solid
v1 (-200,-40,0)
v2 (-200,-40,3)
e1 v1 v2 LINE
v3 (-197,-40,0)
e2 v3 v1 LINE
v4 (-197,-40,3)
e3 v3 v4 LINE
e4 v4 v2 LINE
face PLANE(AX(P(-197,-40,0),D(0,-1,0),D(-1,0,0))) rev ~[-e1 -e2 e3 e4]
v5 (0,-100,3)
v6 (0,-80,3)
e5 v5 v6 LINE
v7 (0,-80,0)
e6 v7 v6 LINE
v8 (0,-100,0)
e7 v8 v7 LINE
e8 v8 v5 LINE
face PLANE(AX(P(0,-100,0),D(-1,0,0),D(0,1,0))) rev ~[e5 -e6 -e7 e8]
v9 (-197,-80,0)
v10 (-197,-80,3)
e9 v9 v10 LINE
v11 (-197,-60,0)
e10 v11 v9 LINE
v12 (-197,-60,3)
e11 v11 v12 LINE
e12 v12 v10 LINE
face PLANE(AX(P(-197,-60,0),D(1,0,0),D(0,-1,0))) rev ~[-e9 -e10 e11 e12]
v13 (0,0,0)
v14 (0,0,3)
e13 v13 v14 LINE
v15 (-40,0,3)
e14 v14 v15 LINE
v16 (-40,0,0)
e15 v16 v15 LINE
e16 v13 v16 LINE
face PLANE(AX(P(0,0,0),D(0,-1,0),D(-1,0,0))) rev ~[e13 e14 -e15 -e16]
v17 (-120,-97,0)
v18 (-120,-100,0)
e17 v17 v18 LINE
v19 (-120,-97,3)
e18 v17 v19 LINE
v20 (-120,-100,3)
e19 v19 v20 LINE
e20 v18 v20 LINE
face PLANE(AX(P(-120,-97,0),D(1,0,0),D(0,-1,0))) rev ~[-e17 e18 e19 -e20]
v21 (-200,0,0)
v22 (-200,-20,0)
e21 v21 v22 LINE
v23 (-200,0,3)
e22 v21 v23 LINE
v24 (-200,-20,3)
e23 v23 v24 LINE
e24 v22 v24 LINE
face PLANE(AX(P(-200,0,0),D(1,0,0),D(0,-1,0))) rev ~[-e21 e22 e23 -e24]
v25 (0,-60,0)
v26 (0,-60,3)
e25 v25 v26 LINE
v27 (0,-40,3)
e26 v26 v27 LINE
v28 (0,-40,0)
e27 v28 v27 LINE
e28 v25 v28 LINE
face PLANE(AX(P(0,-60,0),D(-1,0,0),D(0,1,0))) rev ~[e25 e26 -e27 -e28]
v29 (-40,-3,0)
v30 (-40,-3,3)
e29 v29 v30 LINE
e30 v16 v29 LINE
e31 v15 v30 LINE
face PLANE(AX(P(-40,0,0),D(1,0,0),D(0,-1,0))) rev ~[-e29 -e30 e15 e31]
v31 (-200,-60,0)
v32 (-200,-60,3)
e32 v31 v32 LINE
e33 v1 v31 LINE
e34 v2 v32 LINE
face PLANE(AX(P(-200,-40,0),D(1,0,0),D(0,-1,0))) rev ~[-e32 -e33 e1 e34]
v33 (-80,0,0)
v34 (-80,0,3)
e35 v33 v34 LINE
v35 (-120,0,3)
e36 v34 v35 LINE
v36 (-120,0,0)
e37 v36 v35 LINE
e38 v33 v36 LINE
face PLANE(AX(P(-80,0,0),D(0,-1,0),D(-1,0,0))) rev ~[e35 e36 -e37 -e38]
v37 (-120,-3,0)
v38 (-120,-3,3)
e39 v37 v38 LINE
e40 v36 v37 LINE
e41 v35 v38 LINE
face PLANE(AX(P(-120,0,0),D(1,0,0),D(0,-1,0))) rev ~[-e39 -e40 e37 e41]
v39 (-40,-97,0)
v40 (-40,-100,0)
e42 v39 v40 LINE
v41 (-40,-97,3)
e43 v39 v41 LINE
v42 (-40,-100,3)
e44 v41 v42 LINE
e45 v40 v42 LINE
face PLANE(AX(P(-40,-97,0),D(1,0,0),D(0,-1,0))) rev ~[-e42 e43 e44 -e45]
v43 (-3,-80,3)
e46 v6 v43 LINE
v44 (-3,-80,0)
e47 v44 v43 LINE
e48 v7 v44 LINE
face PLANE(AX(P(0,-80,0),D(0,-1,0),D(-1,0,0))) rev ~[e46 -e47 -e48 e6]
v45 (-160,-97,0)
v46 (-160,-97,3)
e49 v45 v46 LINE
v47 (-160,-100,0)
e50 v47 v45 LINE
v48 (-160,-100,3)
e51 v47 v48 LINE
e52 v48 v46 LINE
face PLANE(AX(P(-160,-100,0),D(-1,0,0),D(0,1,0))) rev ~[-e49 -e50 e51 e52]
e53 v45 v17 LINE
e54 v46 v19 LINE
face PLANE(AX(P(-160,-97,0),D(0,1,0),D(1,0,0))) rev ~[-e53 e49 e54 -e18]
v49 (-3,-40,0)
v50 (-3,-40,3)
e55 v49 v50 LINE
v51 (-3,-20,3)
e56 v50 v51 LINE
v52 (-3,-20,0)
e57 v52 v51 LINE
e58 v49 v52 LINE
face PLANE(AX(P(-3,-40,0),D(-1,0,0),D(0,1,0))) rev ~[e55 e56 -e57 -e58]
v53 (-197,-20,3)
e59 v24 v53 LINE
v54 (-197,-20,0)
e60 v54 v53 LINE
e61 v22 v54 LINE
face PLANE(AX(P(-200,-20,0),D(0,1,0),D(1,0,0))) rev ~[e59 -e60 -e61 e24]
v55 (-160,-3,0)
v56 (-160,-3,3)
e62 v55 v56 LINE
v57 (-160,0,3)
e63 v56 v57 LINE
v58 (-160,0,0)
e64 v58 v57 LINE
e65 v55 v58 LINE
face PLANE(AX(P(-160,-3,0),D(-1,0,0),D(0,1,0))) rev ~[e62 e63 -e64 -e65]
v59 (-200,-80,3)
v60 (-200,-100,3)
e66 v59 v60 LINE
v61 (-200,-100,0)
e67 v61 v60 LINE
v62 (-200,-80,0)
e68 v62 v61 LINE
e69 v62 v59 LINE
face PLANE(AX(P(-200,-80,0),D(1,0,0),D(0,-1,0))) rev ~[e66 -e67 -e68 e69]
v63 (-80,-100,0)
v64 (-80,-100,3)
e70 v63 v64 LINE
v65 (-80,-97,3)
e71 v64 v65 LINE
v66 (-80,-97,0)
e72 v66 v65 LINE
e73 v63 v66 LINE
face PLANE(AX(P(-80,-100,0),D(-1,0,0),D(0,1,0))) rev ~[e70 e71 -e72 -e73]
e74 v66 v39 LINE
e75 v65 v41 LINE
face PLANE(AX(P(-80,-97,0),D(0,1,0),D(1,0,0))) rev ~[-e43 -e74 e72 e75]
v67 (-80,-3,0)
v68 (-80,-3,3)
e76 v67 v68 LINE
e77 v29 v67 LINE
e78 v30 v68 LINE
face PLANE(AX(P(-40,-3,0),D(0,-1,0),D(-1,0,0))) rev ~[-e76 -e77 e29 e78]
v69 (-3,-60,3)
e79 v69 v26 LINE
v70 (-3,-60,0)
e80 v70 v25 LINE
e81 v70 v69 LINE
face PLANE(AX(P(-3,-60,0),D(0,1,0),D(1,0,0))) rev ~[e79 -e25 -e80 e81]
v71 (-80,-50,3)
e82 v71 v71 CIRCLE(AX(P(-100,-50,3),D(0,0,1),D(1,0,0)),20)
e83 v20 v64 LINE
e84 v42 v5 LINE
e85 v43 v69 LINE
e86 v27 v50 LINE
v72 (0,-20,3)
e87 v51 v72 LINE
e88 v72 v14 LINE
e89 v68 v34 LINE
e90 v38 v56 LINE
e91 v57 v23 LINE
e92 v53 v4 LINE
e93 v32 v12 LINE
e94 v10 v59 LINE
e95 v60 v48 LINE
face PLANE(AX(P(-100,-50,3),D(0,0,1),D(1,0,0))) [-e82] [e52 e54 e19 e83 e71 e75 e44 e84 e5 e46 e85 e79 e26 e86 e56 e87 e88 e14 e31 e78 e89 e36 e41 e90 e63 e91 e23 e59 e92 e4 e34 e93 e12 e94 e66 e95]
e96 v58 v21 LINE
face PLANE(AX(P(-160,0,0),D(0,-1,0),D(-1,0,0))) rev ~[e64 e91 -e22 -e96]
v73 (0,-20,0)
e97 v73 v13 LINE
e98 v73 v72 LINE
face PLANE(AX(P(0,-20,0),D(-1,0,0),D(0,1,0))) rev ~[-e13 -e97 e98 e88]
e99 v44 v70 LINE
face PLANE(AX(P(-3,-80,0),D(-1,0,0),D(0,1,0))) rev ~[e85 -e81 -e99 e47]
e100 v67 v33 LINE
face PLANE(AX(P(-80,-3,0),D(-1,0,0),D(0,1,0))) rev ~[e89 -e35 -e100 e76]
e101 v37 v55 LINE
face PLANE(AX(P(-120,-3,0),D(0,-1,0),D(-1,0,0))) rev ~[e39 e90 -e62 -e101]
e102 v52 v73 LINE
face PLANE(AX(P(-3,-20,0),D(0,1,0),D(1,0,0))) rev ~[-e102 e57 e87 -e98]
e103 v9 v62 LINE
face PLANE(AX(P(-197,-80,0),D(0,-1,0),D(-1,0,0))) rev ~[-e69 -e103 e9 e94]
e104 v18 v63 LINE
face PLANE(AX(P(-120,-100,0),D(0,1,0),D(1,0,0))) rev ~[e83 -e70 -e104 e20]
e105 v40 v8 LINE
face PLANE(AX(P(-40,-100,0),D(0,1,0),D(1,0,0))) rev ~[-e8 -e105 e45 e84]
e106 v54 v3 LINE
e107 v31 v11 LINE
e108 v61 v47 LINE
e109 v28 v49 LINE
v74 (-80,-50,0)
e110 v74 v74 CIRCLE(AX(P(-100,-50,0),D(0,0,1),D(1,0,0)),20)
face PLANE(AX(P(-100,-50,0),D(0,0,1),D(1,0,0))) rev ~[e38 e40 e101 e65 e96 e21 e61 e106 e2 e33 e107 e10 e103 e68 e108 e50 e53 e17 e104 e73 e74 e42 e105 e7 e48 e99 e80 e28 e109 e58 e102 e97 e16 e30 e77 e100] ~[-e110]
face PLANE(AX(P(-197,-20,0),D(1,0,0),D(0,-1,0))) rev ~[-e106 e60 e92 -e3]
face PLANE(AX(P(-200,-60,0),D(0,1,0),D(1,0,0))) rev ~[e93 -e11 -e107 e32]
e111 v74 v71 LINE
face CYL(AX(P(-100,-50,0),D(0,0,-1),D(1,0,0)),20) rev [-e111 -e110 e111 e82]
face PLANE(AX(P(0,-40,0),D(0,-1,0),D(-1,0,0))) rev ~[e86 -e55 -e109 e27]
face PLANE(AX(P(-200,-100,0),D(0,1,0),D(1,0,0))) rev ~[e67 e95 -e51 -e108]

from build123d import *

# Parameters (mm, degrees)
F0_R     = 20
F1_DEPTH = 3


with BuildPart() as f1:
    # F0 (on Top) → F1 (new body)
    with BuildSketch(Plane.XY):
        Polygon((0, -20), (0, 0), (-40, 0), (-40, -3), (-80, -3), (-80, 0), (-120, 0), (-120, -3), (-160, -3), (-160, 0), (-200, 0), (-200, -20), (-197, -20), (-197, -40), (-200, -40), (-200, -60), (-197, -60), (-197, -80), (-200, -80), (-200, -100), (-160, -100), (-160, -97), (-120, -97), (-120, -100), (-80, -100), (-80, -97), (-40, -97), (-40, -100), (0, -100), (0, -80), (-3, -80), (-3, -60), (0, -60), (0, -40), (-3, -40), (-3, -20), align=None)
        with Locations((-100, -50)):
            Circle(F0_R, mode=Mode.SUBTRACT)
    extrude(amount=F1_DEPTH)


solid = f1.part
